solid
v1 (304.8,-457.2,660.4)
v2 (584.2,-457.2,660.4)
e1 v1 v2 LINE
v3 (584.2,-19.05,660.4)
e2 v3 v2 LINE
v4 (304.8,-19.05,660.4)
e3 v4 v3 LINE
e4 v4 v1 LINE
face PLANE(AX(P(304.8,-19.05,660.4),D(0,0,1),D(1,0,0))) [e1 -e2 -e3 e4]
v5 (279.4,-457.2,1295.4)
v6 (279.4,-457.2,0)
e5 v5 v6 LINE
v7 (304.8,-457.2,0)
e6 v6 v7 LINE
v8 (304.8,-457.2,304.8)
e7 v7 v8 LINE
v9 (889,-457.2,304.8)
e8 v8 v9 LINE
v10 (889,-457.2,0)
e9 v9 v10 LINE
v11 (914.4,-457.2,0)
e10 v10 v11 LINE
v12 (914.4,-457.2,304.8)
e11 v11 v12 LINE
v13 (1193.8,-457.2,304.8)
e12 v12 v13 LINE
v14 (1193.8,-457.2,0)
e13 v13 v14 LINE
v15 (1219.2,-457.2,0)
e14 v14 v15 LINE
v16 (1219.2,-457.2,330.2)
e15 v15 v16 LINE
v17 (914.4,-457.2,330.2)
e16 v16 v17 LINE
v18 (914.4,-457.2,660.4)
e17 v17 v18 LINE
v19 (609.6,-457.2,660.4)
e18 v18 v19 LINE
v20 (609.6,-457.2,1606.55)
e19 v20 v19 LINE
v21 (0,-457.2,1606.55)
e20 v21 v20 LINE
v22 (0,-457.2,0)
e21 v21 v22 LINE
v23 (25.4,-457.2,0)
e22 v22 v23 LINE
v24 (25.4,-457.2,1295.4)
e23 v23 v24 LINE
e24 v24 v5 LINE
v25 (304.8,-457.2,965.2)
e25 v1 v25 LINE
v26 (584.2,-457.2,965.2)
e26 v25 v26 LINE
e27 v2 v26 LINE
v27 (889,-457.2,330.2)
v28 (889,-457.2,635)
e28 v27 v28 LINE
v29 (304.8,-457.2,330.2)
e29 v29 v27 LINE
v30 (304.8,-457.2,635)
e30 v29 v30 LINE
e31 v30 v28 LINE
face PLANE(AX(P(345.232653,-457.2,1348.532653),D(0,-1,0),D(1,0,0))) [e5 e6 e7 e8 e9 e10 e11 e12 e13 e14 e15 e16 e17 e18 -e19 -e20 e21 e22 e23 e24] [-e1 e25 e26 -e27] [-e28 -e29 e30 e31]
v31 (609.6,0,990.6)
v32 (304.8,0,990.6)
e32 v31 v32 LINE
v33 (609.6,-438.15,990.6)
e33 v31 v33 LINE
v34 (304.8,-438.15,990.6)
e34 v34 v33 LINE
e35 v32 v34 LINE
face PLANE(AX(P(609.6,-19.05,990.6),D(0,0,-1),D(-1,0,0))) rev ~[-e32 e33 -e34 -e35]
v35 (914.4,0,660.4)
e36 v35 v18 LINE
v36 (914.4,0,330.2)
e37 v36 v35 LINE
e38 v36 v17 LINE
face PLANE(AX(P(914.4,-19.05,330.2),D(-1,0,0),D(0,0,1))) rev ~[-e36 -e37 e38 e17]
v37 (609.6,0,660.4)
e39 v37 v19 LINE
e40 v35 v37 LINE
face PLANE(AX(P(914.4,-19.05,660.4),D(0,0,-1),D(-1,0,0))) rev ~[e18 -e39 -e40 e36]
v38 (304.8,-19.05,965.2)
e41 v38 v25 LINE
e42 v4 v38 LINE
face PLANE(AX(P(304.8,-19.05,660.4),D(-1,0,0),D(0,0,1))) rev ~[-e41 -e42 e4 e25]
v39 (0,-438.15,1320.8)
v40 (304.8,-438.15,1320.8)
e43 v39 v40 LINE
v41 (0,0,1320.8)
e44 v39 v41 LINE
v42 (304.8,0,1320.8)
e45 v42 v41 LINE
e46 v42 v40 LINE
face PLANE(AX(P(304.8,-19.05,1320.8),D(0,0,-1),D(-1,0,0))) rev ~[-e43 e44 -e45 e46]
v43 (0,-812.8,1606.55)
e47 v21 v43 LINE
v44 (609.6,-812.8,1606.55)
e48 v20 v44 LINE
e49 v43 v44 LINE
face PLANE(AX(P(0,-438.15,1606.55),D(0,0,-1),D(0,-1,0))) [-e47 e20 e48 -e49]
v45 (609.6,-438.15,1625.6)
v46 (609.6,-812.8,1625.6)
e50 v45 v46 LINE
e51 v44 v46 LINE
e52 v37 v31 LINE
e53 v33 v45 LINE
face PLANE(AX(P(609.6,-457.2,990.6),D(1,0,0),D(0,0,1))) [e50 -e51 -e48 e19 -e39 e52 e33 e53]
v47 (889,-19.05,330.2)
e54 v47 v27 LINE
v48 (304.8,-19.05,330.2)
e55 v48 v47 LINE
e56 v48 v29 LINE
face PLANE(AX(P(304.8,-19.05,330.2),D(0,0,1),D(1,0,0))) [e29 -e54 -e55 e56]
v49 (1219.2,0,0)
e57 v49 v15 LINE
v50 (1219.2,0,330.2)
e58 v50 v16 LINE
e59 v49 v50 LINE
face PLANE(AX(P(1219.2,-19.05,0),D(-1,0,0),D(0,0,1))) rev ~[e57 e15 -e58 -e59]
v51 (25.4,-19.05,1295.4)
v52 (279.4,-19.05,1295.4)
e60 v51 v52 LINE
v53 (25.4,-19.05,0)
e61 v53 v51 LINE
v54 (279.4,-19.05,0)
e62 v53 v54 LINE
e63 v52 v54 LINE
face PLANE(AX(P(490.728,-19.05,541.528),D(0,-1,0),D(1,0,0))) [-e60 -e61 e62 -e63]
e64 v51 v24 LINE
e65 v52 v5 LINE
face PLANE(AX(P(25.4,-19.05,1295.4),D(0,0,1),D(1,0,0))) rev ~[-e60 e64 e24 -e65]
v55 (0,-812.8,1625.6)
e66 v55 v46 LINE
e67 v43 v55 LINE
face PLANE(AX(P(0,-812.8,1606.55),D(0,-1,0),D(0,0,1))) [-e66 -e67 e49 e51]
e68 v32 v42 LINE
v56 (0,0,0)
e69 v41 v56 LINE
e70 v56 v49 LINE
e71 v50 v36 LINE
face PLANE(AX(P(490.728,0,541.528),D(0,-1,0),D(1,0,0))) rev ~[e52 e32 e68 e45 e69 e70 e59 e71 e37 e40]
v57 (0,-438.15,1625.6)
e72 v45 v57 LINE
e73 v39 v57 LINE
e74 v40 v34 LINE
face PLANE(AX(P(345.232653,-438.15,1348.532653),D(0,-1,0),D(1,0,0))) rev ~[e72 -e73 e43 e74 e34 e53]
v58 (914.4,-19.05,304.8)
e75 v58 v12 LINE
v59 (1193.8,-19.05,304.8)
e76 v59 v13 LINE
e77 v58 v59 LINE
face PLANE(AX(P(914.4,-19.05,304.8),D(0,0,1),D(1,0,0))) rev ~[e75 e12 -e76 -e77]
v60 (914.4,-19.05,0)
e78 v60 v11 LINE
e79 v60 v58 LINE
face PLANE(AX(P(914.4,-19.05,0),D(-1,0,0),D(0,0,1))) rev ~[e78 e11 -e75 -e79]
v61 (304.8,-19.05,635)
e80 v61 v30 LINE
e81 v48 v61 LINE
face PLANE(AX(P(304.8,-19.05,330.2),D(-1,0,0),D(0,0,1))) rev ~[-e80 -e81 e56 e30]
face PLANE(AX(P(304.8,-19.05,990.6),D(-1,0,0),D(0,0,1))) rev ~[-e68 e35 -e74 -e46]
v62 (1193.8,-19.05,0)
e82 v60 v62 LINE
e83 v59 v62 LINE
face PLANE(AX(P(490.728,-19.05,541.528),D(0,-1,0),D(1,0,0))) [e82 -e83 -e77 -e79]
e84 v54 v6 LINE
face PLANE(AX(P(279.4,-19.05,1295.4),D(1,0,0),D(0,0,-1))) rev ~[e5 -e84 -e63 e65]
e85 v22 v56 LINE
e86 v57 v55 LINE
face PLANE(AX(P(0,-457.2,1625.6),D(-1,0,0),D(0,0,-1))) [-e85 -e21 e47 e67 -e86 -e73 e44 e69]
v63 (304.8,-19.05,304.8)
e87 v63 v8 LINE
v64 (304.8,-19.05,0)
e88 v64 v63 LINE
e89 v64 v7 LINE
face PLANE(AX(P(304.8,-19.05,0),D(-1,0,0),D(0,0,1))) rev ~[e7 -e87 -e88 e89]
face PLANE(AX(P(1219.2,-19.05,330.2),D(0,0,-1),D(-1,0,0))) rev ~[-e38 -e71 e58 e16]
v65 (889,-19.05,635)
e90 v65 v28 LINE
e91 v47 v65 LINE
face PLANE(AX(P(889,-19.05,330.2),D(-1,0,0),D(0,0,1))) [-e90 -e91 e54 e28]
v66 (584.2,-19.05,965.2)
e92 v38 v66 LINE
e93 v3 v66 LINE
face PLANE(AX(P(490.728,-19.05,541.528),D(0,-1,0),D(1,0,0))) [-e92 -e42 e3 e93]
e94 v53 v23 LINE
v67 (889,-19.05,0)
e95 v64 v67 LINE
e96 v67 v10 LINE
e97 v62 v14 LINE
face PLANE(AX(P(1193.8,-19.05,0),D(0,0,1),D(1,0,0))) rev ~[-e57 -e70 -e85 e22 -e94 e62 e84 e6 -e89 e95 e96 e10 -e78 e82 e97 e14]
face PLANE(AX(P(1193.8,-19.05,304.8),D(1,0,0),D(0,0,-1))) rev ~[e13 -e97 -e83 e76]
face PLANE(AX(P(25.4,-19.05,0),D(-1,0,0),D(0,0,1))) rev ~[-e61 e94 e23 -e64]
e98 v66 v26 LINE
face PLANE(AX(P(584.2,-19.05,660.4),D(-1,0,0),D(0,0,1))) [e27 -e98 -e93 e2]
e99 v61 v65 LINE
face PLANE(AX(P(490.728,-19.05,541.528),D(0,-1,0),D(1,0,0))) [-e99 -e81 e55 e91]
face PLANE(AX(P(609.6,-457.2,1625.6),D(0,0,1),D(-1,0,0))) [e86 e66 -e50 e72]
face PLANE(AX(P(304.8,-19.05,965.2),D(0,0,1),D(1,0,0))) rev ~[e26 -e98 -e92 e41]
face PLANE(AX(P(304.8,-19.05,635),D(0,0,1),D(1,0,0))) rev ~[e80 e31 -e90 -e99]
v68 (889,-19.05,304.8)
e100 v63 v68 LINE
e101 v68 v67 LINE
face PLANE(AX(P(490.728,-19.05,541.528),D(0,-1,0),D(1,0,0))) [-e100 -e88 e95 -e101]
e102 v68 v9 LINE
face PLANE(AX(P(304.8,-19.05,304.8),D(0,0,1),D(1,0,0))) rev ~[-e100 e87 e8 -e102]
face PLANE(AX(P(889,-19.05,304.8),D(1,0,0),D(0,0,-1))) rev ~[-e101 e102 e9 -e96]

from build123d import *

# Parameters (mm, degrees)
F1_DEPTH = 19.05
F2_W     = 584.2
F2_H     = 304.8
F2_W_2   = 279.4
F3_DEPTH = 438.15
F5_DEPTH = 19.05
F6_W     = 374.65
F6_H     = 19.05
F7_DEPTH = 609.6


with BuildPart() as f1:
    # F0 (on Front) → F1 (new body)
    with BuildSketch(Plane.XZ):
        Polygon((0, 1320.8), (0, 0), (1219.2, 0), (1219.2, 330.2), (914.4, 330.2), (914.4, 660.4), (609.6, 660.4), (609.6, 990.6), (304.8, 990.6), (304.8, 1320.8), align=None)
    extrude(amount=F1_DEPTH)

    # F2 (on face) → F3 (join)
    with BuildSketch(Plane.XZ.offset(19.05)):
        Polygon((1193.8, 0), (1219.2, 0), (1219.2, 330.2), (914.4, 330.2), (914.4, 660.4), (609.6, 660.4), (609.6, 990.6), (304.8, 990.6), (304.8, 1320.8), (0, 1320.8), (0, 0), (25.4, 0), (25.4, 1295.4), (279.4, 1295.4), (279.4, 0), (304.8, 0), (304.8, 304.8), (889, 304.8), (889, 0), (914.4, 0), (914.4, 304.8), (1193.8, 304.8), align=None)
        with Locations((596.9, 482.6)):
            Rectangle(F2_W, F2_H, mode=Mode.SUBTRACT)
        with Locations((444.5, 812.8)):
            Rectangle(F2_W_2, F2_H, mode=Mode.SUBTRACT)
    extrude(amount=F3_DEPTH)

    # F4 (on face) → F5 (join)
    with BuildSketch(Plane.XZ.offset(457.2)):
        Polygon((609.6, 990.6), (609.6, 1625.6), (0, 1625.6), (0, 1320.8), (304.8, 1320.8), (304.8, 990.6), align=None)
    extrude(amount=-F5_DEPTH)

    # F6 (on face) → F7 (join, through all)
    with BuildSketch(Plane(origin=(0, 0, 0), x_dir=(0, -1, 0), z_dir=(-1, 0, 0))):
        with Locations((625.475, 1616.075)):
            Rectangle(F6_W, F6_H)
    extrude(amount=-F7_DEPTH)


solid = f1.part
